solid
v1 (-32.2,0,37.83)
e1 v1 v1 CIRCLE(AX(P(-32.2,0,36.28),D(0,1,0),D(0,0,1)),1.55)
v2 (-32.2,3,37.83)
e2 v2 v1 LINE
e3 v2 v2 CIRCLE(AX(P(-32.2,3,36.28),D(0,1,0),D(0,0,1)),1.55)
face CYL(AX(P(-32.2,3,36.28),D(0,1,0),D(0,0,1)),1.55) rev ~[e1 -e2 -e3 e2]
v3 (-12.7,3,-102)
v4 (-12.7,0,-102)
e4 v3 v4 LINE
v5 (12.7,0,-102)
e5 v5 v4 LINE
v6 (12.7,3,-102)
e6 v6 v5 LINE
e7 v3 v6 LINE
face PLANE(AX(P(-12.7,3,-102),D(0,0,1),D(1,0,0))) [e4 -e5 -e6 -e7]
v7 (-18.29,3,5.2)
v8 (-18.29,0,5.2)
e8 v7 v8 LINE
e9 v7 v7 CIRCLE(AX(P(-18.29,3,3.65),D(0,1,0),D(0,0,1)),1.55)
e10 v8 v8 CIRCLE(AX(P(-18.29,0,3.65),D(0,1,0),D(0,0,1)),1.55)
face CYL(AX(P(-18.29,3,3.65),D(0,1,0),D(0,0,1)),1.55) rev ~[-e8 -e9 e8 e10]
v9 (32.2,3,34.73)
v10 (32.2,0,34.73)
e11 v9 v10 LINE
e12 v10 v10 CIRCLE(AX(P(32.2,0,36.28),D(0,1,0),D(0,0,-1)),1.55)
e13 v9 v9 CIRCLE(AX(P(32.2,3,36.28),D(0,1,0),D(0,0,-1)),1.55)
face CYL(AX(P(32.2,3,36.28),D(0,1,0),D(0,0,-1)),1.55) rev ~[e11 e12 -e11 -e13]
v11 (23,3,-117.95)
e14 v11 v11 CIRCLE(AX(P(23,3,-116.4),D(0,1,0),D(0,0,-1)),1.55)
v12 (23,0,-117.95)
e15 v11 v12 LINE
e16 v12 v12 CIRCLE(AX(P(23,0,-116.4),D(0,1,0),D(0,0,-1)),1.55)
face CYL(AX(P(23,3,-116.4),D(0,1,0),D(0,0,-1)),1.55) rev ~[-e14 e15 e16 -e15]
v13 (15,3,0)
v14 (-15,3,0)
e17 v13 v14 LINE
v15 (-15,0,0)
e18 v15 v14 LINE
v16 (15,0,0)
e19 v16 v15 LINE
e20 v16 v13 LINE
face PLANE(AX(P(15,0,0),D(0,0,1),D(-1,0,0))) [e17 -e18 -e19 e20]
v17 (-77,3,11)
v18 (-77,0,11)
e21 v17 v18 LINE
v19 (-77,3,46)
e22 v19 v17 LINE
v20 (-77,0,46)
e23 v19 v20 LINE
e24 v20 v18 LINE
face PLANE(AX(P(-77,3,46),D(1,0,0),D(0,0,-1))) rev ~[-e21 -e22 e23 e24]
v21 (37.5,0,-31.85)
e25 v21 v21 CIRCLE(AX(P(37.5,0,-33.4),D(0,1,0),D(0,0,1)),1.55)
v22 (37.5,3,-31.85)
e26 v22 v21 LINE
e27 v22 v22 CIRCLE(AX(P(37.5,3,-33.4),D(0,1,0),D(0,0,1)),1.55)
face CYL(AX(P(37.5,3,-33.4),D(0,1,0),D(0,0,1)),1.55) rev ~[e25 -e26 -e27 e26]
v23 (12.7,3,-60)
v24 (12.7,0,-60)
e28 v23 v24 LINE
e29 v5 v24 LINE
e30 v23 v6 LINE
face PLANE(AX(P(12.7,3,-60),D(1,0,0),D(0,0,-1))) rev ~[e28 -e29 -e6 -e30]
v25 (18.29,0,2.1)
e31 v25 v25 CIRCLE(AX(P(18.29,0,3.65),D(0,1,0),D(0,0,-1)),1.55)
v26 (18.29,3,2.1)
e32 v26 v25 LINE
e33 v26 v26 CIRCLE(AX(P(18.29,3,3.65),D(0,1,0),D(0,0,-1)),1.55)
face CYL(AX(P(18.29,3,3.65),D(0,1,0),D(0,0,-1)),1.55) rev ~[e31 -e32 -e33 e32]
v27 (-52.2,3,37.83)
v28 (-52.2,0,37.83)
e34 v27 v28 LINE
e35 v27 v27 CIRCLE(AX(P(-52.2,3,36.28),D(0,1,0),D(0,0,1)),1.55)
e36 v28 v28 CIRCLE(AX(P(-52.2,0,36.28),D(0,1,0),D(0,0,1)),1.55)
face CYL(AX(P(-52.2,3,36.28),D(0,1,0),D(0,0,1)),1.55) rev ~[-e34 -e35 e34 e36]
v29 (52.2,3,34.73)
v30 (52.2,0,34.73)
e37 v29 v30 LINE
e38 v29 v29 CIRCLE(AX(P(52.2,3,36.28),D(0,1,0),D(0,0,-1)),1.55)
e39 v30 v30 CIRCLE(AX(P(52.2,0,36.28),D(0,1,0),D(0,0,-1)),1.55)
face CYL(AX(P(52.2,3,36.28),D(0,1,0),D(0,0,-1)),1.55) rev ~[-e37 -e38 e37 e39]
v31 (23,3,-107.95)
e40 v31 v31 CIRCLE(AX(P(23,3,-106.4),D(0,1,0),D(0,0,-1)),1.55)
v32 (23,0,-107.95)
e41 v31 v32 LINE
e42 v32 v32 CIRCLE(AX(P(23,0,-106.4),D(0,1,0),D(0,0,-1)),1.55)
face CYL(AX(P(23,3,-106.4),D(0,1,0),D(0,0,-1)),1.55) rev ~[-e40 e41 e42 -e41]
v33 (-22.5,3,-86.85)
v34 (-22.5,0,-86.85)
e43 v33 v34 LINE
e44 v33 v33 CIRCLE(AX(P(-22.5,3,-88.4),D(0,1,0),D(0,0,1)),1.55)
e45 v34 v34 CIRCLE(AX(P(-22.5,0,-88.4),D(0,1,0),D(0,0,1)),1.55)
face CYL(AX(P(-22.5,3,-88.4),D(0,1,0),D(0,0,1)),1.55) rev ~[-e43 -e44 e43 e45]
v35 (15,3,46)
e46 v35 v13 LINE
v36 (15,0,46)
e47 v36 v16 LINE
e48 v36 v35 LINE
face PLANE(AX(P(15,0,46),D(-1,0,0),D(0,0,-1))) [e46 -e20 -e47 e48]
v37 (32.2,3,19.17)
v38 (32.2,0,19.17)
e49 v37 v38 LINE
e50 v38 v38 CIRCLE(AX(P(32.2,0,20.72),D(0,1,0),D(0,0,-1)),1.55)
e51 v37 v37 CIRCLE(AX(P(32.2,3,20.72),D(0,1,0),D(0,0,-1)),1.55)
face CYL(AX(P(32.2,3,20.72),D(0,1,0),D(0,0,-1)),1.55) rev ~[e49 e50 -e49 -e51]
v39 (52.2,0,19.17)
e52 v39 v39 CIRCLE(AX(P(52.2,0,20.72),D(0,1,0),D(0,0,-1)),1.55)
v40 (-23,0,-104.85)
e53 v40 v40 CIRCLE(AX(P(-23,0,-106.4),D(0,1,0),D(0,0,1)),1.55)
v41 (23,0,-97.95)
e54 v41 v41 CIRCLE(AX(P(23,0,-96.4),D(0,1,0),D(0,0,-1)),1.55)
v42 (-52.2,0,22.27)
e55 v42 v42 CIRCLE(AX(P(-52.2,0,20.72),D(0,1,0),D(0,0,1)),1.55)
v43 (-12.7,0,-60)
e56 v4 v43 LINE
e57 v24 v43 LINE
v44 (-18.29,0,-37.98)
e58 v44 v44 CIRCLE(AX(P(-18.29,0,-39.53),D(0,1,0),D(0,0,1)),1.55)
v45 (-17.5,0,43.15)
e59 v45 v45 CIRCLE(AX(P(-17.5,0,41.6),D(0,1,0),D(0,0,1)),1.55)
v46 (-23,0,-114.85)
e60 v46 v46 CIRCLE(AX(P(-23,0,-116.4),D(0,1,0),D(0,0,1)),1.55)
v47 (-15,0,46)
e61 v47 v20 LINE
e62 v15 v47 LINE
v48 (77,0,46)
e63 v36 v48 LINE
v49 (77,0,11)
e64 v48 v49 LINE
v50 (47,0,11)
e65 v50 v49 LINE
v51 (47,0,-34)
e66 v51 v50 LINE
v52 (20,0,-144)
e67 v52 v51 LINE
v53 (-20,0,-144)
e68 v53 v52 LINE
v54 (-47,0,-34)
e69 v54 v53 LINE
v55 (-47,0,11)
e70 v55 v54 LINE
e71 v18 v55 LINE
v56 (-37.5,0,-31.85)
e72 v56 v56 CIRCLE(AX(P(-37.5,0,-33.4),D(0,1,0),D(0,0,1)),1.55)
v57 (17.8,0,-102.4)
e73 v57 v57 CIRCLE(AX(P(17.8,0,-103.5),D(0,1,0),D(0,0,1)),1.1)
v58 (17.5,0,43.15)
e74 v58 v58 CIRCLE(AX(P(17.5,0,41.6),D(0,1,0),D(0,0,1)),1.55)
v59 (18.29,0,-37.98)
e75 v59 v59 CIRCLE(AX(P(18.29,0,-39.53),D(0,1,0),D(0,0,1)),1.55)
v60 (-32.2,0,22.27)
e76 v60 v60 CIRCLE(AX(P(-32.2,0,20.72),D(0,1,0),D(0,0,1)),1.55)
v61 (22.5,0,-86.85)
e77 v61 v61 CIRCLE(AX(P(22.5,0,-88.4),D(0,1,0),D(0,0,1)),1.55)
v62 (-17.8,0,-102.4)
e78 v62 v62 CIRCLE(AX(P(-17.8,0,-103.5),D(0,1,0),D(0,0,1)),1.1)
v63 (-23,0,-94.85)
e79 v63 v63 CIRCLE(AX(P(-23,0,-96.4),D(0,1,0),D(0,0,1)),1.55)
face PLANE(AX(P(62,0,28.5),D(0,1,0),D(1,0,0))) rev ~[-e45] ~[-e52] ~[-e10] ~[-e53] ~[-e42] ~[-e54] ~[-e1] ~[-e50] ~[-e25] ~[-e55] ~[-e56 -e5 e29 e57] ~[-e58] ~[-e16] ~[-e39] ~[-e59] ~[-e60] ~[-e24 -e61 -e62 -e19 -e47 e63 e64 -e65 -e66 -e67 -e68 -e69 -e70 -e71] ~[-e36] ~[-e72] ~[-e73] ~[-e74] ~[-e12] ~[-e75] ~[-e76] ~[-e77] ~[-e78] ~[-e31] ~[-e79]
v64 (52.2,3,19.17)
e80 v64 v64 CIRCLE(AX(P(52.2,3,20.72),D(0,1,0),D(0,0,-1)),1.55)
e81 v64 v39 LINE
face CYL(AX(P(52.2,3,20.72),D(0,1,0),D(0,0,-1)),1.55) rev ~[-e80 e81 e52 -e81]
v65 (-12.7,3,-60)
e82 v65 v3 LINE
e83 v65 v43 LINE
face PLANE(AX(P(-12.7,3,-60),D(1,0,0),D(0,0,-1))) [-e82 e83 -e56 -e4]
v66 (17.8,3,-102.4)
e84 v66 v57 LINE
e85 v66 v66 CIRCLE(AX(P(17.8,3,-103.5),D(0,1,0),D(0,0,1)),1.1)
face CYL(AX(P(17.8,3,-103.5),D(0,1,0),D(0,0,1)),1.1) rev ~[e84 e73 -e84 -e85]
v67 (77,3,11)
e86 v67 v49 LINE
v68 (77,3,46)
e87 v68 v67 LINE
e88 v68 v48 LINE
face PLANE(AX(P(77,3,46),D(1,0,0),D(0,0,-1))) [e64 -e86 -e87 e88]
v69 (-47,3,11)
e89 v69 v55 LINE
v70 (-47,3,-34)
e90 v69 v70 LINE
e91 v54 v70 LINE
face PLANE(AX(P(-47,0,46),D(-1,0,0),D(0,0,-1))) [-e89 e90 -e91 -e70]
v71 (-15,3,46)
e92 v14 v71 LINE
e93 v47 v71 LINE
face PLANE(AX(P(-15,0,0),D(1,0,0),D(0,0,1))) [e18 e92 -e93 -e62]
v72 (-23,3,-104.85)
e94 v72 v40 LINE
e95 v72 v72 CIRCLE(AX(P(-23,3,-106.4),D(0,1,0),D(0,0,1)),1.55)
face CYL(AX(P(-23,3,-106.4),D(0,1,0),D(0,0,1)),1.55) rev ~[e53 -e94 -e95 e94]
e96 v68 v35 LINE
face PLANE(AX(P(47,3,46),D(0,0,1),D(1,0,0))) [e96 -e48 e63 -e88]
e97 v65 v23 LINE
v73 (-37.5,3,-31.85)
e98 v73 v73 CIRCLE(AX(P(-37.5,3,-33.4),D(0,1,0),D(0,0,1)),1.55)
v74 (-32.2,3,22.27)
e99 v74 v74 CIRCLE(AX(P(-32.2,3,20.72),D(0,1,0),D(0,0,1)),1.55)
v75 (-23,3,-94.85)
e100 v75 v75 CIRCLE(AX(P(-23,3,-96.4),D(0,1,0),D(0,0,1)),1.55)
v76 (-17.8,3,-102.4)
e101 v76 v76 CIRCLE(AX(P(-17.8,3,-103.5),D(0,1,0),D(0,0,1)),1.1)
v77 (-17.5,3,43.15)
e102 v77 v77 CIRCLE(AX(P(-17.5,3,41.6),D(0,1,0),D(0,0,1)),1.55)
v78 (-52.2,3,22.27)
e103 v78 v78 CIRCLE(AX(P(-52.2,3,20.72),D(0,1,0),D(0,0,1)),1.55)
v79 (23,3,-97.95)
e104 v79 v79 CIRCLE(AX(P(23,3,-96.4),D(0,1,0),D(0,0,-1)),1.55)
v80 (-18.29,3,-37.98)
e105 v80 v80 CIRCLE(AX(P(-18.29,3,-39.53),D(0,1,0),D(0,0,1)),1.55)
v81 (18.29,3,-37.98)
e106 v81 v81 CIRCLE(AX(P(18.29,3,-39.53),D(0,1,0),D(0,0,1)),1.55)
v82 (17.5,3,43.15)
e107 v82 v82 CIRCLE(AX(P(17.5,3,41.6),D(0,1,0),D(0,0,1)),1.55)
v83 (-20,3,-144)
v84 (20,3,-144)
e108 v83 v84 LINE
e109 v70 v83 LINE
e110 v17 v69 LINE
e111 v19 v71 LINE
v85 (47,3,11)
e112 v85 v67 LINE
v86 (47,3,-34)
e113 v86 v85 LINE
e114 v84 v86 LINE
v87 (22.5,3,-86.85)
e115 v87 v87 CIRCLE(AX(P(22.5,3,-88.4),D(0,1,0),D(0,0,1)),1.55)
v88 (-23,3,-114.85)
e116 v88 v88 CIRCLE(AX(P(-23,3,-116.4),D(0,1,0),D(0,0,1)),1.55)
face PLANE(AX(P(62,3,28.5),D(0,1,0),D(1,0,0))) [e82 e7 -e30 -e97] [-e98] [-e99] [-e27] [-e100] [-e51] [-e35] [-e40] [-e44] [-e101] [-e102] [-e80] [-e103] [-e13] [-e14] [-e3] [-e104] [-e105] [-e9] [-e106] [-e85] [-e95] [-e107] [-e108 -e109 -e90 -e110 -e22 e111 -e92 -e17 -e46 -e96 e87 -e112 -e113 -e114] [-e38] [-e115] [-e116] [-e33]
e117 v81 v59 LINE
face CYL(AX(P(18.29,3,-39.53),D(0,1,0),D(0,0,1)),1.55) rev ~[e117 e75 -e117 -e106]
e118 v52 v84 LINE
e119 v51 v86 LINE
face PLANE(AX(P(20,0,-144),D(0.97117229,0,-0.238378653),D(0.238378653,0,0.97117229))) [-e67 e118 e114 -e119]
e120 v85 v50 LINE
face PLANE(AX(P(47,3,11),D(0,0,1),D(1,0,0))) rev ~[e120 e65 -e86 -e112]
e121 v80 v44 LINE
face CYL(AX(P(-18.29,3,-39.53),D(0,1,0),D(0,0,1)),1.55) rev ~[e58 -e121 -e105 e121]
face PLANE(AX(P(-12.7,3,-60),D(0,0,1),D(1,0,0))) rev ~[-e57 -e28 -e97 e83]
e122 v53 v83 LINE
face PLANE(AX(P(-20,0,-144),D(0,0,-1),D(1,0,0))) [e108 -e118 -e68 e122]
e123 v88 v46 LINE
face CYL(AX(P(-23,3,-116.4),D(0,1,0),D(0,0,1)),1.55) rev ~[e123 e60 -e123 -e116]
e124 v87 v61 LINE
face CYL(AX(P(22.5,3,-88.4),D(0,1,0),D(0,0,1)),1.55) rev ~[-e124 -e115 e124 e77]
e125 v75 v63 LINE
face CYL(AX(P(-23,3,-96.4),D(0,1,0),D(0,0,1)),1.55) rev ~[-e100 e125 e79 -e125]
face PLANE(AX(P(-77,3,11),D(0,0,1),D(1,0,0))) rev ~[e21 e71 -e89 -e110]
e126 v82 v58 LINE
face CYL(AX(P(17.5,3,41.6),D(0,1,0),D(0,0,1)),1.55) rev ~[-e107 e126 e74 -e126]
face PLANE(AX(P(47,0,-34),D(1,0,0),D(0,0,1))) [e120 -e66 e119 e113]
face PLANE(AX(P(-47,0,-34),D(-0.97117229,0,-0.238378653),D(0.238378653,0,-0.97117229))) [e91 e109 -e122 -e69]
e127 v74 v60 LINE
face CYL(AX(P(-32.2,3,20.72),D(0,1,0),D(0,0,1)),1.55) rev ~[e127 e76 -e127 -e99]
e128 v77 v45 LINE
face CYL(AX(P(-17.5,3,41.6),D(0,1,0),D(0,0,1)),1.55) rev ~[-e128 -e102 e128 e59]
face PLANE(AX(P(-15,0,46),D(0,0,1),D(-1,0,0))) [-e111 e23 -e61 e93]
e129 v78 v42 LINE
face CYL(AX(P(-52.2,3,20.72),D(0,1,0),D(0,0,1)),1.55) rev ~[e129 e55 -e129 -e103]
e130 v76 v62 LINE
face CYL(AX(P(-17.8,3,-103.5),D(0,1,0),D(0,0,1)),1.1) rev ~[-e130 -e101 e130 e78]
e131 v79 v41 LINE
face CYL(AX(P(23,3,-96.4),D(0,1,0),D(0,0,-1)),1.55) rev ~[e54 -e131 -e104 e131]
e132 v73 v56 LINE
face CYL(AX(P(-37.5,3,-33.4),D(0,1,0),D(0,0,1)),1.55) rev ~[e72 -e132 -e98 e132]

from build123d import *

# Parameters (mm, degrees)
BODY_DEPTH              = 3
SKETCH4_R               = 1.55
MOTOR_MOUNT_DEPTH       = 3
SKETCH5_R               = 1.1
SKETCH5_W               = 25.4
SKETCH5_H               = 42
PROTOBOARD_MOUNT_DEPTH  = 10
SKETCH8_R               = 1.55
STAND_OFF_MOUNT_DEPTH   = 10
SKETCH9_W               = 30
SKETCH9_H               = 35
BOSS_EXTRUDE1_DEPTH     = 3
SKETCH10_R              = 1.55
CUT_EXTRUDE1_DEPTH      = 164.321768298
SKETCH11_R              = 1.55
CASTER_BALL_MOUNT_DEPTH = 164.321768298


with BuildPart() as part:
    # Sketch3 → Body (new body)
    with BuildSketch(Plane(origin=(0, 0, 0), x_dir=(1, 0, 0), z_dir=(0, 1, 0))):
        Polygon((-15, -46), (-47, -46), (-47, 34), (-20, 144), (20, 144), (47, 34), (47, -46), (15, -46), (15, 0), (-15, 0), align=None)
    extrude(amount=BODY_DEPTH)

    # Sketch4 → Motor Mount (cut)
    with BuildSketch(Plane(origin=(0, 3, 0), x_dir=(1, 0, 0), z_dir=(0, 1, 0))):
        with Locations(Location((-18.29, -3.65, 0), (0, 0, 270))):
            Circle(SKETCH4_R)
        with Locations(Location((18.29, -3.65, 0), (0, 0, 90))):
            Circle(SKETCH4_R)
        with Locations(Location((-18.29, 39.53, 0), (0, 0, 270))):
            Circle(SKETCH4_R)
        with Locations(Location((18.29, 39.53, 0), (0, 0, 270))):
            Circle(SKETCH4_R)
    extrude(amount=-MOTOR_MOUNT_DEPTH, mode=Mode.SUBTRACT)

    # Sketch5 → Protoboard Mount (cut)
    with BuildSketch(Plane(origin=(0, 3, 0), x_dir=(1, 0, 0), z_dir=(0, 1, 0))):
        with Locations(Location((-17.8, 103.5, 0), (0, 0, 270))):
            Circle(SKETCH5_R)
        with Locations(Location((17.8, 103.5, 0), (0, 0, 270))):
            Circle(SKETCH5_R)
        with Locations((0, 81)):
            Rectangle(SKETCH5_W, SKETCH5_H)
    extrude(amount=-PROTOBOARD_MOUNT_DEPTH, mode=Mode.SUBTRACT)

    # Sketch8 → Stand Off Mount (cut)
    with BuildSketch(Plane(origin=(0, 3, 0), x_dir=(1, 0, 0), z_dir=(0, 1, 0))):
        with Locations(Location((-22.5, 88.4, 0), (0, 0, 270))):
            Circle(SKETCH8_R)
        with Locations(Location((22.5, 88.4, 0), (0, 0, 270))):
            Circle(SKETCH8_R)
        with Locations(Location((37.5, 33.4, 0), (0, 0, 270))):
            Circle(SKETCH8_R)
        with Locations(Location((-37.5, 33.4, 0), (0, 0, 270))):
            Circle(SKETCH8_R)
        with Locations(Location((-17.5, -41.6, 0), (0, 0, 270))):
            Circle(SKETCH8_R)
        with Locations(Location((17.5, -41.6, 0), (0, 0, 270))):
            Circle(SKETCH8_R)
    extrude(amount=-STAND_OFF_MOUNT_DEPTH, mode=Mode.SUBTRACT)

    # Sketch9 → Boss-Extrude1 (add)
    with BuildSketch(Plane(origin=(0, 3, 0), x_dir=(1, 0, 0), z_dir=(0, 1, 0))):
        with Locations((62, -28.5)):
            Rectangle(SKETCH9_W, SKETCH9_H)
        with Locations((-62, -28.5)):
            Rectangle(SKETCH9_W, SKETCH9_H)
    extrude(amount=-BOSS_EXTRUDE1_DEPTH)

    # Sketch10 → Cut-Extrude1 (cut, through all)
    with BuildSketch(Plane(origin=(0, 3, 0), x_dir=(1, 0, 0), z_dir=(0, 1, 0))):
        with Locations(Location((-52.2, -20.72, 0), (0, 0, 270))):
            Circle(SKETCH10_R)
        with Locations(Location((-32.2, -20.72, 0), (0, 0, 270))):
            Circle(SKETCH10_R)
        with Locations(Location((-52.2, -36.28, 0), (0, 0, 270))):
            Circle(SKETCH10_R)
        with Locations(Location((-32.2, -36.28, 0), (0, 0, 270))):
            Circle(SKETCH10_R)
        with Locations(Location((32.2, -36.28, 0), (0, 0, 90))):
            Circle(SKETCH10_R)
        with Locations(Location((52.2, -36.28, 0), (0, 0, 90))):
            Circle(SKETCH10_R)
        with Locations(Location((32.2, -20.72, 0), (0, 0, 90))):
            Circle(SKETCH10_R)
        with Locations(Location((52.2, -20.72, 0), (0, 0, 90))):
            Circle(SKETCH10_R)
    extrude(amount=-CUT_EXTRUDE1_DEPTH, mode=Mode.SUBTRACT)

    # Sketch11 → Caster Ball Mount (cut, through all)
    with BuildSketch(Plane(origin=(0, 3, 0), x_dir=(1, 0, 0), z_dir=(0, 1, 0))):
        with Locations(Location((-23, 96.4, 0), (0, 0, 270))):
            Circle(SKETCH11_R)
        with Locations(Location((-23, 106.4, 0), (0, 0, 270))):
            Circle(SKETCH11_R)
        with Locations(Location((-23, 116.4, 0), (0, 0, 270))):
            Circle(SKETCH11_R)
        with Locations(Location((23, 96.4, 0), (0, 0, 90))):
            Circle(SKETCH11_R)
        with Locations(Location((23, 106.4, 0), (0, 0, 90))):
            Circle(SKETCH11_R)
        with Locations(Location((23, 116.4, 0), (0, 0, 90))):
            Circle(SKETCH11_R)
    extrude(amount=-CASTER_BALL_MOUNT_DEPTH, mode=Mode.SUBTRACT)


solid = part.part
